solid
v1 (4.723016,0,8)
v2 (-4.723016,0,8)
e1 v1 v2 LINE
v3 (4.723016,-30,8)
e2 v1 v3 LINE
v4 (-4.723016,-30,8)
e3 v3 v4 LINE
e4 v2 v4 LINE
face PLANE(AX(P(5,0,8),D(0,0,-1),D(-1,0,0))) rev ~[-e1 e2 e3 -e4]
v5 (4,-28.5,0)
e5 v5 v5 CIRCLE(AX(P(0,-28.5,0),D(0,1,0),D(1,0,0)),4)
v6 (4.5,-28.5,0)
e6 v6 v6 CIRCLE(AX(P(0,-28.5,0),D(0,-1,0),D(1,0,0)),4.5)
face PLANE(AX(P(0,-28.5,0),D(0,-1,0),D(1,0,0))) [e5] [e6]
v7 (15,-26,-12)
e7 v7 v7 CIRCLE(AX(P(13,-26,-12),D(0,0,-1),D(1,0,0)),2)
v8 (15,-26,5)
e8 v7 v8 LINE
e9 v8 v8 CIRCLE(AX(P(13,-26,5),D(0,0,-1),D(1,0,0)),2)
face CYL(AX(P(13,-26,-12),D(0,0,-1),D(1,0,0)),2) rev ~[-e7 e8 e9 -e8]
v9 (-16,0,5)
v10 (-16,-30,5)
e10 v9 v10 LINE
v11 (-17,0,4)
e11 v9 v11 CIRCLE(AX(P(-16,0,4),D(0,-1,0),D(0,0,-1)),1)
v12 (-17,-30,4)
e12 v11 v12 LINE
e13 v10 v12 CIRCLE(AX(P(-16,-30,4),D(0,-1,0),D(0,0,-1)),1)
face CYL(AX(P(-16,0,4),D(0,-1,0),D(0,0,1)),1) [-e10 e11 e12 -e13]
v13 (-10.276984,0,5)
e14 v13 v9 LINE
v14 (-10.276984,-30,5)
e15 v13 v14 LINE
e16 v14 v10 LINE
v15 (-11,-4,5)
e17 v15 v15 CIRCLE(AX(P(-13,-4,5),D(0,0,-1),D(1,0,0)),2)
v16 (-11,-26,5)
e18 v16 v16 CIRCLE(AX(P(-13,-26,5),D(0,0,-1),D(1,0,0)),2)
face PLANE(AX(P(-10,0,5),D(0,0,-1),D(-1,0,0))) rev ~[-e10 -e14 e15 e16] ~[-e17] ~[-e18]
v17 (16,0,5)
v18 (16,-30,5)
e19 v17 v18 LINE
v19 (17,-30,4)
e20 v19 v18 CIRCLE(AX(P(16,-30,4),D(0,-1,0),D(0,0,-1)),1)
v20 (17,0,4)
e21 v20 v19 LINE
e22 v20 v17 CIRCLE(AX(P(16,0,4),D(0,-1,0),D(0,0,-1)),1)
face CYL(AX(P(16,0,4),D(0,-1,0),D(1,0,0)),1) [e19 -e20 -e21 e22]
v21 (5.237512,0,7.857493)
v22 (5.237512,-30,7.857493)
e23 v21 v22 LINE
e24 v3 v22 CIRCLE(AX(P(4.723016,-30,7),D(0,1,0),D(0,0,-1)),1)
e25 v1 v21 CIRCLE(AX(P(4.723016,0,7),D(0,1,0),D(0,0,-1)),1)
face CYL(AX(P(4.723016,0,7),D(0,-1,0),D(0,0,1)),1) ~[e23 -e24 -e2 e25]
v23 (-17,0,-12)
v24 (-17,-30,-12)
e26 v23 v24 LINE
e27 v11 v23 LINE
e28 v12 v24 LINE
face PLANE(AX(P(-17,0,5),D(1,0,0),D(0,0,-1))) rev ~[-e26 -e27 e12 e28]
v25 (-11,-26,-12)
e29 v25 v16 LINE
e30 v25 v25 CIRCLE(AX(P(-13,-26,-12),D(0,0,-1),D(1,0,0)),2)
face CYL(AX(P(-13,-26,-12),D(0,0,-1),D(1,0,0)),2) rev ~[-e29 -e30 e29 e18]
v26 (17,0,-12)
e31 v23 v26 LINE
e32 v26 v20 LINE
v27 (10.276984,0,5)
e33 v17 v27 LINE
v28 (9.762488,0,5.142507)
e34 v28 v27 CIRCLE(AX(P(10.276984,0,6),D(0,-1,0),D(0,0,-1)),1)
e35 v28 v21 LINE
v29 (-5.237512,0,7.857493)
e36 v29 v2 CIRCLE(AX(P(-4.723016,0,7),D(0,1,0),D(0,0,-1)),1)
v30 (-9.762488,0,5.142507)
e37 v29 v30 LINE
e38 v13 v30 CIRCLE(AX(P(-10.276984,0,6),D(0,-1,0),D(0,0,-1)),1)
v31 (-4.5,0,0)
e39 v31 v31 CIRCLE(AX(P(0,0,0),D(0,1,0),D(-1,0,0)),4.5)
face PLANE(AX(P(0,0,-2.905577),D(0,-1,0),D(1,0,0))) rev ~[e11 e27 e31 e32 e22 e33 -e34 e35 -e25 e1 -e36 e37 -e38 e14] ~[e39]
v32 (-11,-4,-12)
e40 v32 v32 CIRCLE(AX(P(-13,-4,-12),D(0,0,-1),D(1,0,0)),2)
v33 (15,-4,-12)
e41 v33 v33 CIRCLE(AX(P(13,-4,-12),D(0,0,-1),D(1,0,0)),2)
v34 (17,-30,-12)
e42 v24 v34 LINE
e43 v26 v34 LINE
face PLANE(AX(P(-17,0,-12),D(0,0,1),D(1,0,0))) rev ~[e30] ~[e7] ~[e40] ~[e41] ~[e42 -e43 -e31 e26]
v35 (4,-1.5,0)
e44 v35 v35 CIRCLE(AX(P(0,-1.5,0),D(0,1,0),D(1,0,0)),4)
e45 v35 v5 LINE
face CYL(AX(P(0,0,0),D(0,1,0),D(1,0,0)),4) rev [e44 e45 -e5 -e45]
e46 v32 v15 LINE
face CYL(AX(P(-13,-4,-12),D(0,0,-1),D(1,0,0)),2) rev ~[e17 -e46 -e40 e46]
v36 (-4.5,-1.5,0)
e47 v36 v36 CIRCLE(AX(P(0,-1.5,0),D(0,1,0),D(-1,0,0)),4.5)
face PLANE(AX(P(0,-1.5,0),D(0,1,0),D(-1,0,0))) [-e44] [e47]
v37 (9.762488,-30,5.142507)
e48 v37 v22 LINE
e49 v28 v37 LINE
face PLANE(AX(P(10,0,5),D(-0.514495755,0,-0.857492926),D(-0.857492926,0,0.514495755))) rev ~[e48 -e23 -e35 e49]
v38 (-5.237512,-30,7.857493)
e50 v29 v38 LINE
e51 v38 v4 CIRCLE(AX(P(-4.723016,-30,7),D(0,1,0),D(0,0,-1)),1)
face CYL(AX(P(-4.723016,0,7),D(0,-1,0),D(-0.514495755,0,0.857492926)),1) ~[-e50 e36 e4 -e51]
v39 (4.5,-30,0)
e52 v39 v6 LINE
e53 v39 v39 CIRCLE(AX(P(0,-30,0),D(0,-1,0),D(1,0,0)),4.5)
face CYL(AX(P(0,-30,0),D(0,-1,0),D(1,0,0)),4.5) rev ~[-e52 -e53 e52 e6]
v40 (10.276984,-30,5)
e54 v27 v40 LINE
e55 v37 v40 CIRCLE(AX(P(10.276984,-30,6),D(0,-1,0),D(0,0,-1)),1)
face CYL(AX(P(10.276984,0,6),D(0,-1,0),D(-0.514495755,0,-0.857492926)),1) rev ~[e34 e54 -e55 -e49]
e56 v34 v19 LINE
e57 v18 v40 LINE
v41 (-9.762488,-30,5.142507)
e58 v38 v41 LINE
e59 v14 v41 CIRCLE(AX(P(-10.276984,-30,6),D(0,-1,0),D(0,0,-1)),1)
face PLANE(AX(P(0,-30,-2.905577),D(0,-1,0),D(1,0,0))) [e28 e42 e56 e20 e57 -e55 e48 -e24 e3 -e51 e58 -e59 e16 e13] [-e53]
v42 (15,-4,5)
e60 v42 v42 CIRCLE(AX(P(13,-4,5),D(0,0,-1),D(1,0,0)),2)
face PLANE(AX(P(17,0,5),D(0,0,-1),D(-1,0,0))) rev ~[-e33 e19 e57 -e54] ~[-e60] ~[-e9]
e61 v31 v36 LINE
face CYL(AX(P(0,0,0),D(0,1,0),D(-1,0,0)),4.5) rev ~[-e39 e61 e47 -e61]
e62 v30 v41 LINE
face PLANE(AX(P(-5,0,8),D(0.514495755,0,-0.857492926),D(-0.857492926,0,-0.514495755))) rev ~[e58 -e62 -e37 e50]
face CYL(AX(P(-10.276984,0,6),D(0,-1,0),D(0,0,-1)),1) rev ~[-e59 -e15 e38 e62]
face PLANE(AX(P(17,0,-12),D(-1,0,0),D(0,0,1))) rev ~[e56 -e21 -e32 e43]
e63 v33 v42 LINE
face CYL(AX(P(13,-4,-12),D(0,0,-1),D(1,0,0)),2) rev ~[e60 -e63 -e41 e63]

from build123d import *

# Parameters (mm, degrees)
F0_R     = 4
F1_DEPTH = 30
F2_R     = 2
F3_DEPTH = 25
F4_R     = 4.5
F5_DEPTH = 1.5
F6_R     = 4.5
F7_DEPTH = 1.5
F8_R     = 1


with BuildPart() as f1:
    # F0 (on Front) → F1 (new body)
    with BuildSketch(Plane.XZ):
        Polygon((-10, 5), (-17, 5), (-17, -12), (17, -12), (17, 5), (10, 5), (5, 8), (-5, 8), align=None)
        Circle(F0_R, mode=Mode.SUBTRACT)
    extrude(amount=F1_DEPTH)

    # F2 (on face) → F3 (cut)
    with BuildSketch(Plane(origin=(0, 0, -12), x_dir=(1, 0, 0), z_dir=(0, 0, -1))):
        with Locations((-13, 26)):
            Circle(F2_R)
        with Locations((-13, 4)):
            Circle(F2_R)
        with Locations((13, 26)):
            Circle(F2_R)
        with Locations((13, 4)):
            Circle(F2_R)
    extrude(amount=-F3_DEPTH, mode=Mode.SUBTRACT)

    # F4 (on face) → F5 (cut)
    with BuildSketch(Plane.XZ.offset(30)):
        Circle(F4_R)
    extrude(amount=-F5_DEPTH, mode=Mode.SUBTRACT)

    # F6 (on face) → F7 (cut)
    with BuildSketch(Plane(origin=(0, 0, 0), x_dir=(-1, 0, 0), z_dir=(0, 1, 0))):
        Circle(F6_R)
    extrude(amount=-F7_DEPTH, mode=Mode.SUBTRACT)

    # F8
    f8_edges = [f1.edges().sort_by_distance(p)[0] for p in [
        (-17, -15, 5),
        (-10, -15, 5),
        (-5, -15, 8),
        (5, -15, 8),
        (10, -15, 5),
        (17, -15, 5),
    ]]
    fillet(f8_edges, radius=F8_R)


solid = f1.part
